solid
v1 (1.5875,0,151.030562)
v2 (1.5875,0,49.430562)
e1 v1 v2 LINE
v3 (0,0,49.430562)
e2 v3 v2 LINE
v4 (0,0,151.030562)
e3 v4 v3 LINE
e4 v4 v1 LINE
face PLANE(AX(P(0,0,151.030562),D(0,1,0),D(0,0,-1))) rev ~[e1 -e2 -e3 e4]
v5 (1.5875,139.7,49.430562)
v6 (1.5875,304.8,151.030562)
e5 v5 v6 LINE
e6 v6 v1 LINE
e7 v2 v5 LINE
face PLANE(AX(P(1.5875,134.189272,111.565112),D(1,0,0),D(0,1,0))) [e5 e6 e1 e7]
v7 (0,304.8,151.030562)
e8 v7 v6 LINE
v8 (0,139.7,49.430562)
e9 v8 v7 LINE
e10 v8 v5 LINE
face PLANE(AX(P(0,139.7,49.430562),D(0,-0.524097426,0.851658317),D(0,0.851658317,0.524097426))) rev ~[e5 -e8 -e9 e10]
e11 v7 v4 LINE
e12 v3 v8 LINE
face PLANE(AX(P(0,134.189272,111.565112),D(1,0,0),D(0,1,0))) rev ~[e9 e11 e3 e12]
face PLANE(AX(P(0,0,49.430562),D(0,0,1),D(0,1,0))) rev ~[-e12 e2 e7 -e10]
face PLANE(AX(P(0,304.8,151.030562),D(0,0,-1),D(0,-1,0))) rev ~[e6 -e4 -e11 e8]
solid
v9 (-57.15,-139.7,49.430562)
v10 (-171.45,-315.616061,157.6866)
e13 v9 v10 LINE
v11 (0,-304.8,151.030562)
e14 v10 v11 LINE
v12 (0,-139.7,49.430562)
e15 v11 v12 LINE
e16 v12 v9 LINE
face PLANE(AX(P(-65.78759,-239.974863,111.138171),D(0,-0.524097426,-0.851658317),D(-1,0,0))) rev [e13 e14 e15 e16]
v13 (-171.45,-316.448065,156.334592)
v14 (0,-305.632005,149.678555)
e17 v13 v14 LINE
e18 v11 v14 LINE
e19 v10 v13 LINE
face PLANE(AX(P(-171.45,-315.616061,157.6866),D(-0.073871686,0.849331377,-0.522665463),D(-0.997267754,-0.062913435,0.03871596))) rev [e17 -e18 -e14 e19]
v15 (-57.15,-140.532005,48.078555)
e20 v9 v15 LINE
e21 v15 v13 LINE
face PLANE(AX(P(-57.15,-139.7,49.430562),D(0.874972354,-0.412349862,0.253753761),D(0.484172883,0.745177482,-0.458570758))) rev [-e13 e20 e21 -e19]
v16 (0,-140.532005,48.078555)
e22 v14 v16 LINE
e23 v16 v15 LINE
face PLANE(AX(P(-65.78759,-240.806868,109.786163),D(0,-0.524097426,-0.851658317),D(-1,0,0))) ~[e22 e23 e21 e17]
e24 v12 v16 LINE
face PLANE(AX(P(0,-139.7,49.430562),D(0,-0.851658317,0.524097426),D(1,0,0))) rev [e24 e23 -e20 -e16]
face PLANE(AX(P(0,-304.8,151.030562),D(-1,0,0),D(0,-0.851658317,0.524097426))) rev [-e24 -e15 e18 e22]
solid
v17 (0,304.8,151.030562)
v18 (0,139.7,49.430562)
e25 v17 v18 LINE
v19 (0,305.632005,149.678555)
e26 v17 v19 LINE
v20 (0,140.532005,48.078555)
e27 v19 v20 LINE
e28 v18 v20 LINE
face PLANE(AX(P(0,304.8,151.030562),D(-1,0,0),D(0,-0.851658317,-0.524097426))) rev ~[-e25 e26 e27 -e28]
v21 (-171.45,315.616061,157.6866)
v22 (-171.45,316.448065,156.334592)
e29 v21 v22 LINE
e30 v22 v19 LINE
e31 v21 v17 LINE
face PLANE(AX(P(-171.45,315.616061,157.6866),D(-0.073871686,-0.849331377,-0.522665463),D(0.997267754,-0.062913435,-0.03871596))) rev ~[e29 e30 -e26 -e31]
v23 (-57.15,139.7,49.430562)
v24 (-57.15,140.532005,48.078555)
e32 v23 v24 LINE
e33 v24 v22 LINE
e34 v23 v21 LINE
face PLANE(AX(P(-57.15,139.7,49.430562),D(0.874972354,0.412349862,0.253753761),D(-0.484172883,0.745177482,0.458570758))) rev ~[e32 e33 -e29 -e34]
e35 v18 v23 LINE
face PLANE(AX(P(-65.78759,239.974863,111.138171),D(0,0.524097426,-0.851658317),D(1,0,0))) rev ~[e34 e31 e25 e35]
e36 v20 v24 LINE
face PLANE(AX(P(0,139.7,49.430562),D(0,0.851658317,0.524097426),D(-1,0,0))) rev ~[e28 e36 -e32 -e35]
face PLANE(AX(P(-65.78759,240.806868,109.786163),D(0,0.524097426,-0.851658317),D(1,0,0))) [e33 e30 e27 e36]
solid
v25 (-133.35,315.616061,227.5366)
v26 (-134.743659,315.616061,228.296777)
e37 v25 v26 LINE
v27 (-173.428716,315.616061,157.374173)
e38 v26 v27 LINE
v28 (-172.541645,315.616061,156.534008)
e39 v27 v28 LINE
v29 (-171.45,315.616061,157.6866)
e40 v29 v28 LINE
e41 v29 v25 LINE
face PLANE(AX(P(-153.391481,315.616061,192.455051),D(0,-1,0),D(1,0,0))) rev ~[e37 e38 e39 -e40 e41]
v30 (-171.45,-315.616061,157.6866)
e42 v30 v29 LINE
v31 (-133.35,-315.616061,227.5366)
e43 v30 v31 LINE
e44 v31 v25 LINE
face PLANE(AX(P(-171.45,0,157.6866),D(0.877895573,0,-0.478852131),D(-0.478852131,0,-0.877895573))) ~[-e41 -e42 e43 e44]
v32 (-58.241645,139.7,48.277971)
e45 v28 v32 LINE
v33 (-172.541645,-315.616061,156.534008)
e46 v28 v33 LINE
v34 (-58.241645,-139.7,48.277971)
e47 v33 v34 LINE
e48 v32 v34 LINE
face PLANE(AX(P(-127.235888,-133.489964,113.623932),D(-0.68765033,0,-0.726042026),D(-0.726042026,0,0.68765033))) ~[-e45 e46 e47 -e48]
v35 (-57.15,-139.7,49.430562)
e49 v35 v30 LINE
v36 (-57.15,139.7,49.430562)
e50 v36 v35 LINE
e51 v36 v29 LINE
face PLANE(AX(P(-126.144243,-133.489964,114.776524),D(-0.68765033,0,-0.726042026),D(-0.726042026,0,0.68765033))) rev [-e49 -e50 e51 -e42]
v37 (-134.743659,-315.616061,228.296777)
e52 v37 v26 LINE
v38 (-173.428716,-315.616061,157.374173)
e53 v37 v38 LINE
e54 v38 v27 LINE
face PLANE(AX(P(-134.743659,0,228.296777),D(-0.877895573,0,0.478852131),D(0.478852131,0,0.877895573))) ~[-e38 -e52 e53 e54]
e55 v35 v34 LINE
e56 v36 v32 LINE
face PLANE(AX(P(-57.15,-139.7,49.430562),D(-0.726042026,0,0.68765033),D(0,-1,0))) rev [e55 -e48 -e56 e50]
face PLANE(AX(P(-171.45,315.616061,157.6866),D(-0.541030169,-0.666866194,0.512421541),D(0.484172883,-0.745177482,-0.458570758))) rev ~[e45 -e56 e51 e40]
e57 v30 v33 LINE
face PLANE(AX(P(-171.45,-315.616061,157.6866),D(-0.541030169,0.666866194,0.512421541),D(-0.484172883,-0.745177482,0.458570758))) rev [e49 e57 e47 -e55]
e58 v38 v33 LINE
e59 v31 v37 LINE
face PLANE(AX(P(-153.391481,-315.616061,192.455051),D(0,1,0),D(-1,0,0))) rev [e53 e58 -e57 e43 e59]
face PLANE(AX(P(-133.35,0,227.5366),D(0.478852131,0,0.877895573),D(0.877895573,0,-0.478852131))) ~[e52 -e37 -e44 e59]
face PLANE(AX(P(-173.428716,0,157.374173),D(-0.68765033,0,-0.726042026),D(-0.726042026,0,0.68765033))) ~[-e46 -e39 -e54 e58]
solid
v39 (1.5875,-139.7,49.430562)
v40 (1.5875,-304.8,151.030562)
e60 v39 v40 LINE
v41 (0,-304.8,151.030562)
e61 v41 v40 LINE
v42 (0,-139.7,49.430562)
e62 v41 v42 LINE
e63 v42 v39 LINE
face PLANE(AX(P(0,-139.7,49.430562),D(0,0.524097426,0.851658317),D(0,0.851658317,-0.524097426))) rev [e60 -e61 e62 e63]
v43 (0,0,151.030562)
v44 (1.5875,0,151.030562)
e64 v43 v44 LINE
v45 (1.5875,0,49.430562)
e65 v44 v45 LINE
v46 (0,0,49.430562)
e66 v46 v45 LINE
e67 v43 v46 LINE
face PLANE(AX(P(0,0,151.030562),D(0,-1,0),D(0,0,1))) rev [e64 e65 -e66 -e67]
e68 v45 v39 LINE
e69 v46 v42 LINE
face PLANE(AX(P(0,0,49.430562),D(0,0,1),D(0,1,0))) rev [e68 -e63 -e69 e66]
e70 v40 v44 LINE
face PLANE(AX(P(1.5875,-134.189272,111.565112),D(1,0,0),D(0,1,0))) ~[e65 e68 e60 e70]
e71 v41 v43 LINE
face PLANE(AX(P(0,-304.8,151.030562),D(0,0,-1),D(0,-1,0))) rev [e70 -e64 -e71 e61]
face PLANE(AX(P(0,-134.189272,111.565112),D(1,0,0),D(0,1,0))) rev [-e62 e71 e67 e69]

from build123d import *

# Parameters (mm, degrees)
F1_DEPTH = 1.5875
F3_DEPTH = 1.5875
F7_DEPTH = 1.5875
F9_DEPTH = 315.6160606221


with BuildPart() as f1:
    # F0 (on Right) → F1 (new body)
    with BuildSketch(Plane.YZ):
        Polygon((139.7, 49.4305624351), (304.8, 151.0305624351), (0, 151.0305624351), (0, 49.4305624351), align=None)
    extrude(amount=F1_DEPTH)


with BuildPart() as f3:
    # F2 (on face) → F3 (new body)
    with BuildSketch(Plane(origin=(0, 16.3091051792, -26.5022959161), x_dir=(1, 0, 0), z_dir=(0, 0.5240974257, -0.8516583167))):
        Polygon((0, -338.7401839004), (0, -144.883097365), (-57.15, -144.883097365), (-171.45, -351.4401839004), align=None)
    extrude(amount=F3_DEPTH)



with BuildPart() as f7:
    # F6 (on 3pt) → F7 (new body)
    with BuildSketch(Plane(origin=(-2.345266266, 0, -2.4762030911), x_dir=(0.7260420263, 0, -0.6876503297), z_dir=(-0.6876503297, 0, -0.7260420263))):
        Polygon((-75.484244363, -139.7), (-75.484244363, 0), (-232.9131477231, 0), (-232.9131477231, -315.6160606221), align=None)
    extrude(amount=F7_DEPTH)


with BuildPart() as f3_1:
    add(f3.part)

    add(f7.part)  # F9 merges F7
    # F8 (on face) → F9 (join)
    with BuildSketch(Plane.XZ):
        Polygon((-173.4287163172, 157.3741728239), (-172.5416448985, 156.5340080243), (-171.45, 157.6865997411), (-133.35, 227.5365997411), (-134.743659222, 228.2967774985), align=None)
    extrude(amount=-F9_DEPTH)

    # F10: F3, F1 across plane


with BuildPart() as f3_2:
    add(f3_1.part)
    add(f3_1.part.mirror(Plane.XZ))
    add(f1.part.mirror(Plane.XZ))


solid = Compound([f1.part, f3_2.part])
